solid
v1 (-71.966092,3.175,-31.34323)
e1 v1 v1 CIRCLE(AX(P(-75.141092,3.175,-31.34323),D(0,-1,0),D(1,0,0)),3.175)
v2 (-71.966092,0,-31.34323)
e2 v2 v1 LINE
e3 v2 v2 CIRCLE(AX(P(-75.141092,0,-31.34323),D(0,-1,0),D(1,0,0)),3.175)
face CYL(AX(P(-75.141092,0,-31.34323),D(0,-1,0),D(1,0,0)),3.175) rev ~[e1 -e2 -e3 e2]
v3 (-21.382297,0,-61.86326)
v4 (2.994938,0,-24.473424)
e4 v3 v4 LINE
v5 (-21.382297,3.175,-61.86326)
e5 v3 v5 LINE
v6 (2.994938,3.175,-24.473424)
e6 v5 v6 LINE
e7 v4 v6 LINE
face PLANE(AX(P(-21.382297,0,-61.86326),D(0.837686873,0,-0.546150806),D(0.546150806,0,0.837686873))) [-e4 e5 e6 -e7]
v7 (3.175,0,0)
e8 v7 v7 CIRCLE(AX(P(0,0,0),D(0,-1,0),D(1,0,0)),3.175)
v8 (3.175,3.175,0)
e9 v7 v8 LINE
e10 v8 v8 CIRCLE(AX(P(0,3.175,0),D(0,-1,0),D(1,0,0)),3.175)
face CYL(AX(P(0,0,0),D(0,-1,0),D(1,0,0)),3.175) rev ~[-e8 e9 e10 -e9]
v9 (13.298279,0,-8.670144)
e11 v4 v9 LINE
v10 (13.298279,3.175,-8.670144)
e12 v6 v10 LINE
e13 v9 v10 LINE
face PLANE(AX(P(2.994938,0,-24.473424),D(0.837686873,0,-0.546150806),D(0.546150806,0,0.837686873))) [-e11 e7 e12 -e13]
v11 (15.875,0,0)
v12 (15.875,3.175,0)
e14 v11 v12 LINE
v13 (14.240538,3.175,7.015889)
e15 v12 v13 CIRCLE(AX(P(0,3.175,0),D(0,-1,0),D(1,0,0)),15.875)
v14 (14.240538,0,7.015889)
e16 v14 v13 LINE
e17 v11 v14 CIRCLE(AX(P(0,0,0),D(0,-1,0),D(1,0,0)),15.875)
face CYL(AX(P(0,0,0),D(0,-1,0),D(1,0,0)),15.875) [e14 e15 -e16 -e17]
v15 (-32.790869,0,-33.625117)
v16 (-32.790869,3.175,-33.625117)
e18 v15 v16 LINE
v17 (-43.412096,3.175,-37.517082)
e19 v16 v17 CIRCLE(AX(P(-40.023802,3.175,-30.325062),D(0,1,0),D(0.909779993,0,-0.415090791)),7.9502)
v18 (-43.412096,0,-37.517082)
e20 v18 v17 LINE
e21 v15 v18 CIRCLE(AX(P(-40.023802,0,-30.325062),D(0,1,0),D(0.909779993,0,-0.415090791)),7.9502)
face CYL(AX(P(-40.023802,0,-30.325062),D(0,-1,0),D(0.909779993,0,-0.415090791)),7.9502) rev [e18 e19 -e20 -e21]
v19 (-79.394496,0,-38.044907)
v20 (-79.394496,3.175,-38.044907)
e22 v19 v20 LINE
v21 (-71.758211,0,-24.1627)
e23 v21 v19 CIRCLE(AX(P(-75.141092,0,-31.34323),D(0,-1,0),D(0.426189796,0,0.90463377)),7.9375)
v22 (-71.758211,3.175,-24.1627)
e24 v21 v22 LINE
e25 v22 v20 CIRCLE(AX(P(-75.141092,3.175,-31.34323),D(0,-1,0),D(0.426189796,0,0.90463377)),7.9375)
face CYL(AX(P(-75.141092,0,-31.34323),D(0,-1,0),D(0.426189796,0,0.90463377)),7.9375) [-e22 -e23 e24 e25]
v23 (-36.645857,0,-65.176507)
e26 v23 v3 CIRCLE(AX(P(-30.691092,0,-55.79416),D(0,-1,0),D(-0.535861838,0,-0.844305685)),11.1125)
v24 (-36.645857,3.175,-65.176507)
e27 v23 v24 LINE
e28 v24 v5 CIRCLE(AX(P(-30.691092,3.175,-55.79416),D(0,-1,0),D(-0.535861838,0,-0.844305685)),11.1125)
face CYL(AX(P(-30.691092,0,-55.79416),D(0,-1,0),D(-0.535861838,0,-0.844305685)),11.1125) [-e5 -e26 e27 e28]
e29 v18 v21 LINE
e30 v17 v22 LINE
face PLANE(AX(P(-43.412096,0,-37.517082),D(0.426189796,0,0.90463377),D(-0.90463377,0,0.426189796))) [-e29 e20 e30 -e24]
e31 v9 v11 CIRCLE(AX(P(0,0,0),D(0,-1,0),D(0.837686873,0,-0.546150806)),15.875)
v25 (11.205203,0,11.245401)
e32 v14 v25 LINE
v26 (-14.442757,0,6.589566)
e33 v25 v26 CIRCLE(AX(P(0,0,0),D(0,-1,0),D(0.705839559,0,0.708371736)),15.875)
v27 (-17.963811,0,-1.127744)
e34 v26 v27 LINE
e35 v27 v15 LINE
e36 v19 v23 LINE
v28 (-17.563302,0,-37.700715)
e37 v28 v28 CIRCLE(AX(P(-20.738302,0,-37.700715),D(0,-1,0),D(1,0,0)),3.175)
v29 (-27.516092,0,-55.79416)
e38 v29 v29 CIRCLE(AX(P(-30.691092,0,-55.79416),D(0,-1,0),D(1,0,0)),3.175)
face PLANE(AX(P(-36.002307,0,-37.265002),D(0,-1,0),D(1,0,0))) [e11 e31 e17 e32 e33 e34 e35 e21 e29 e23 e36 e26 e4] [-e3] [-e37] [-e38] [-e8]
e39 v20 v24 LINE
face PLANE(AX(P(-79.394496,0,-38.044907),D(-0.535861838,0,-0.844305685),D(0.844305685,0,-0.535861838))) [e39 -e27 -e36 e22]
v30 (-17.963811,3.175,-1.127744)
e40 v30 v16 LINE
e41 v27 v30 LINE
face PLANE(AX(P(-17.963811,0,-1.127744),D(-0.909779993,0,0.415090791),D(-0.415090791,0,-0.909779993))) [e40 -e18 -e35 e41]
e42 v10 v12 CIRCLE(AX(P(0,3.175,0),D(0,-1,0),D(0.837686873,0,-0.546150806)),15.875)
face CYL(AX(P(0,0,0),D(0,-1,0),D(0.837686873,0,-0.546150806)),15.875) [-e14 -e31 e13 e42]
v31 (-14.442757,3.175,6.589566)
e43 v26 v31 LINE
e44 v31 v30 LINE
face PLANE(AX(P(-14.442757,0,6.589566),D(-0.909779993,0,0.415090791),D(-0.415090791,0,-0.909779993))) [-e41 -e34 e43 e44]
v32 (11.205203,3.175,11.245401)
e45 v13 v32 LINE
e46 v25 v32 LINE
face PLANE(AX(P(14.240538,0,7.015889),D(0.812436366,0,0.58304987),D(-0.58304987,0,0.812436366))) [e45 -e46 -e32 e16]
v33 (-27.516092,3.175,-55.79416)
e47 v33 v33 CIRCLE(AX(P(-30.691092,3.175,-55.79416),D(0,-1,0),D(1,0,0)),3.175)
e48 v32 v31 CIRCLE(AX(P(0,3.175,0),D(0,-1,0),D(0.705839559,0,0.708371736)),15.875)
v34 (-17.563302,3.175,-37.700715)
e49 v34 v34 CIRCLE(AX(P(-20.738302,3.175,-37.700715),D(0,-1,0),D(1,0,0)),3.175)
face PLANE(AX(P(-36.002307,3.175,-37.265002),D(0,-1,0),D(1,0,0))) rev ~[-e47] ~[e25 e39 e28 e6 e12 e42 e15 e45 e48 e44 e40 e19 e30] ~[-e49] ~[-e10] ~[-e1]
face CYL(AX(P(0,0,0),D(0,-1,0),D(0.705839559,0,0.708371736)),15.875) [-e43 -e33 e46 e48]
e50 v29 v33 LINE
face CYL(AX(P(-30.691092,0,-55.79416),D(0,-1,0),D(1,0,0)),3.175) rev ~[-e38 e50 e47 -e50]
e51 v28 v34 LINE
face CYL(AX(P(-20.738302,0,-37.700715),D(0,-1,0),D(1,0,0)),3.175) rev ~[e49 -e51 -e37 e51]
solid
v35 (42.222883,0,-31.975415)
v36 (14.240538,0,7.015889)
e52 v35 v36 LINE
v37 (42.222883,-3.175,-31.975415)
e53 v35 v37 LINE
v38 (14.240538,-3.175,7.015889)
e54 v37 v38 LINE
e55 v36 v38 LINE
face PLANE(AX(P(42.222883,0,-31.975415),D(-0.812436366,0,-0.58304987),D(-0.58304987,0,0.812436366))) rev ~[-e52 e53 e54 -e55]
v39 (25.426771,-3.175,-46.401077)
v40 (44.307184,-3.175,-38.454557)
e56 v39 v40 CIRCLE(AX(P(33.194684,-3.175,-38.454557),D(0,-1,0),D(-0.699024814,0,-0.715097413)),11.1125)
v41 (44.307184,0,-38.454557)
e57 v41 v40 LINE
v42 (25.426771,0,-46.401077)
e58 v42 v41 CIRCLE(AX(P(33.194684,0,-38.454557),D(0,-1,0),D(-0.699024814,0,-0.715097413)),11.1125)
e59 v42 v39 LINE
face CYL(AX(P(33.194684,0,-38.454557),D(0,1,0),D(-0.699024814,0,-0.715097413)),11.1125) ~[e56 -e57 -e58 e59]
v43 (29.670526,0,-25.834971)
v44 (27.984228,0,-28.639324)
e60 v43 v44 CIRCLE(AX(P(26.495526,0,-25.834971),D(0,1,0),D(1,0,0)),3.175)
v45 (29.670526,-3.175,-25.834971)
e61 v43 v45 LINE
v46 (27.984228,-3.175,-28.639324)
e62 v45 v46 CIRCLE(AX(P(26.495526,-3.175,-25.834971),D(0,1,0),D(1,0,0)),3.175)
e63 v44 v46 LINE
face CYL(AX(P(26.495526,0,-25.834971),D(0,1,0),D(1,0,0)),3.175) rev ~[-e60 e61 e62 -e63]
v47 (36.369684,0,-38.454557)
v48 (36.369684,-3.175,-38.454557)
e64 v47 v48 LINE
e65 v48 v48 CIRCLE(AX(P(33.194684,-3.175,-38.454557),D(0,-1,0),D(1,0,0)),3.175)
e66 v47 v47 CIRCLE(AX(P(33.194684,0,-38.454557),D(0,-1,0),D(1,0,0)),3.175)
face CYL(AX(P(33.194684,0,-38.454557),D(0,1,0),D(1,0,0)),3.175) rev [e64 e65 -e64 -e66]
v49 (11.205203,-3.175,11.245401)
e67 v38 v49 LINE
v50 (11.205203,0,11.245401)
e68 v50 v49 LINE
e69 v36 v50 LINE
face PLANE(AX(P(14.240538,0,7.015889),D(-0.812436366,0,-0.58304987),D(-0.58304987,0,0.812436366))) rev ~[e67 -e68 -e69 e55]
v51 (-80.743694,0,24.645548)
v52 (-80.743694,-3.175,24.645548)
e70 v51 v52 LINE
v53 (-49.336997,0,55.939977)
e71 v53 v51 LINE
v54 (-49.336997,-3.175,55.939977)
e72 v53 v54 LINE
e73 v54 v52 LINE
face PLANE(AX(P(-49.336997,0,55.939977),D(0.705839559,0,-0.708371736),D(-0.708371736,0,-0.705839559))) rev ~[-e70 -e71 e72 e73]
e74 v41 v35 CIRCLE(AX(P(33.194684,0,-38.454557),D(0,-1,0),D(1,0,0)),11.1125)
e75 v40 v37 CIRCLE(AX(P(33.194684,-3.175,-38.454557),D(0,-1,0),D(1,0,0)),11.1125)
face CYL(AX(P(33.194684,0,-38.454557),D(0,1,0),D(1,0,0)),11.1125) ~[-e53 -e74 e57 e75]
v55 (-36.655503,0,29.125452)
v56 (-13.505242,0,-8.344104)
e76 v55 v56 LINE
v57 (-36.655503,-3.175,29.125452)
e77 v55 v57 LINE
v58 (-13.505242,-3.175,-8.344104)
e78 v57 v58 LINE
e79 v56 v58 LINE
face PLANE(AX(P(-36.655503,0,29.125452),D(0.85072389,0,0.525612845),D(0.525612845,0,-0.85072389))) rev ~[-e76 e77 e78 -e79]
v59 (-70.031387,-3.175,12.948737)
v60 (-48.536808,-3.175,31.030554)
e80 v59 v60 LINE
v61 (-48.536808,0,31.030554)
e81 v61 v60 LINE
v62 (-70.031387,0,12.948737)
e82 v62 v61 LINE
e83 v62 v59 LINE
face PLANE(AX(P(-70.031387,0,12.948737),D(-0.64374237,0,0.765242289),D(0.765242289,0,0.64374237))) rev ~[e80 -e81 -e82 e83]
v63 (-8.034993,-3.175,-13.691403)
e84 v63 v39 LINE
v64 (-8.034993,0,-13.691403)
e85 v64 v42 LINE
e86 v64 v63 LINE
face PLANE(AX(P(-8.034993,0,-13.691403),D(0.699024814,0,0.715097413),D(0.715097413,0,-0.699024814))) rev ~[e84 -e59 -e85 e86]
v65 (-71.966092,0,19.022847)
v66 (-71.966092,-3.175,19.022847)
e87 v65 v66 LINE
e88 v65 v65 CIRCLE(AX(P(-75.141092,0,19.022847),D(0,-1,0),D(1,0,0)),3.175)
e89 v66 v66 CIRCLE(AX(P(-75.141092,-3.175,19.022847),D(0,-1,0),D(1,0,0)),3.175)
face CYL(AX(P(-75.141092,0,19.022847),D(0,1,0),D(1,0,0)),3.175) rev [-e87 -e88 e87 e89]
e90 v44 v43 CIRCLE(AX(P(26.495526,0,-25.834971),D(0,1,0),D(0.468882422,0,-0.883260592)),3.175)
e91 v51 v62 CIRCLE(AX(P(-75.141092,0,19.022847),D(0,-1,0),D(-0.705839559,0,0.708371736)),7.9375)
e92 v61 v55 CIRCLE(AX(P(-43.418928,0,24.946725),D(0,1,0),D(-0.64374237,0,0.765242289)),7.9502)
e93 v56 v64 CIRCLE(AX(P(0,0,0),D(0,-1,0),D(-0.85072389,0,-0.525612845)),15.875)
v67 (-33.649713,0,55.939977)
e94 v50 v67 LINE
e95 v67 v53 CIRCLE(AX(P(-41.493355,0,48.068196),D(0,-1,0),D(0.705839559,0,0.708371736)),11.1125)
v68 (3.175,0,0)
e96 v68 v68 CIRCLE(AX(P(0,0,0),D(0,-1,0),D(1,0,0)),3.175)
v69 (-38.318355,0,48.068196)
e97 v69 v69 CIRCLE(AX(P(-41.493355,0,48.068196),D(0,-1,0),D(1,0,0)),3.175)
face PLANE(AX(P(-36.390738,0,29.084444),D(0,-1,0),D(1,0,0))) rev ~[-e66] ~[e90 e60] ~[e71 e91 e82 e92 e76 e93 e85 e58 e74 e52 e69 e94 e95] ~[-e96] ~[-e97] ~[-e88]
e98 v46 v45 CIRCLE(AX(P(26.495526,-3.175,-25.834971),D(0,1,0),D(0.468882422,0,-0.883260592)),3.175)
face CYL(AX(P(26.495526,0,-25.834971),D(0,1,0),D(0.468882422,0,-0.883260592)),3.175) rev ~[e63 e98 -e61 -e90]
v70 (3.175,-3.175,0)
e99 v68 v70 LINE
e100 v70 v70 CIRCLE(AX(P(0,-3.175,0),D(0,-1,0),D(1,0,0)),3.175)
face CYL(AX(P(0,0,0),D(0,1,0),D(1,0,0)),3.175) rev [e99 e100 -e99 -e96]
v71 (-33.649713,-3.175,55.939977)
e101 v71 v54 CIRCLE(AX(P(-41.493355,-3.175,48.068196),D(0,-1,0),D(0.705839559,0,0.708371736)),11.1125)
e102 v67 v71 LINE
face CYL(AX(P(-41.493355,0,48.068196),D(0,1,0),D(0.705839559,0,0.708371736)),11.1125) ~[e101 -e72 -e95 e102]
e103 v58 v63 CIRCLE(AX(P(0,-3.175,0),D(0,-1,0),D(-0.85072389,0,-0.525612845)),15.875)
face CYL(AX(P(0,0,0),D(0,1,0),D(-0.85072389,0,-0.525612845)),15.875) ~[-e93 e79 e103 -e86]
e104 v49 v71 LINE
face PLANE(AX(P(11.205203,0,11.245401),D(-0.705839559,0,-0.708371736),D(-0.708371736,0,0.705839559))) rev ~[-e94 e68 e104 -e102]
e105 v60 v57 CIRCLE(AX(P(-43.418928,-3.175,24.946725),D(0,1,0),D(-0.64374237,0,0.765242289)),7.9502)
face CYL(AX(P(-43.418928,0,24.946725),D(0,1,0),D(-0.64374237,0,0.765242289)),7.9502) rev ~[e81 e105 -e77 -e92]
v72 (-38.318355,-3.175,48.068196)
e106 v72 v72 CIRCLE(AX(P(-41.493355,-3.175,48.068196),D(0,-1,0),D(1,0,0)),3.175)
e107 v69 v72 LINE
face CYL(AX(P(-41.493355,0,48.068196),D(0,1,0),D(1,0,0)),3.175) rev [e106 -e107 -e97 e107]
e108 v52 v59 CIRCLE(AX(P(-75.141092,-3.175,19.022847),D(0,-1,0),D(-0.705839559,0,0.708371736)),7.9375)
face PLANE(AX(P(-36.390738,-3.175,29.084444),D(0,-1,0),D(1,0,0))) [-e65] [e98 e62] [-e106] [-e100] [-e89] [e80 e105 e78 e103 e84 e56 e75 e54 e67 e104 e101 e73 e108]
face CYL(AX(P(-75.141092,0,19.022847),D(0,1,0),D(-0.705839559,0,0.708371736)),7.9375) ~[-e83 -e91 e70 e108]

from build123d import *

# Parameters (mm, degrees)
F0_R     = 3.9751
F0_R_2   = 3.175
F1_DEPTH = 3.175
F2_DEPTH = 3.175


with BuildPart() as f1:
    # F0 (on Front) → F1 (new body)
    with BuildSketch(Plane.XZ):
        with BuildLine():
            ThreePointArc((-14.4427573847, 6.589566308), (-2.8354258051, 15.6197306476), (11.2052030012, 11.2454013135))
            Line((11.2052030012, 11.2454013135), (-33.6497130803, 55.9399770143))
            ThreePointArc((-33.6497130803, 55.9399770143), (-31.2305551467, 52.3299553211), (-30.3808551811, 48.0681960948))
            ThreePointArc((-30.3808551811, 48.0681960948), (-45.7551144074, 37.8053960604), (-49.336997282, 55.9399770143))
            Line((-49.336997282, 55.9399770143), (-80.7436939481, 24.6455481248))
            ThreePointArc((-80.7436939481, 24.6455481248), (-72.0969787145, 26.3534189212), (-67.2035924475, 19.022847468))
            ThreePointArc((-67.2035924475, 19.022847468), (-67.945184229, 15.6728010265), (-70.0313873855, 12.9487367982))
            Line((-70.0313873855, 12.9487367982), (-48.5368082432, 31.0305541734))
            ThreePointArc((-48.5368082432, 31.0305541734), (-42.1602348474, 32.7966531084), (-36.6555025797, 29.1254521629))
            Line((-36.6555025797, 29.1254521629), (-17.9638112387, -1.1277437812))
            Line((-17.9638112387, -1.1277437812), (-14.4427573847, 6.589566308))
        make_face()
        with BuildLine():
            Line((14.2405382677, 7.0158887425), (11.2052030012, 11.2454013135))
            ThreePointArc((11.2052030012, 11.2454013135), (-2.8354258051, 15.6197306476), (-14.4427573847, 6.589566308))
            ThreePointArc((-14.4427573847, 6.589566308), (-15.843809219, -0.9946529208), (-13.50524176, -8.3441039066))
            Line((-13.50524176, -8.3441039066), (-8.0349928898, -13.6914029325))
            ThreePointArc((-8.0349928898, -13.6914029325), (3.6371425128, -15.4527285404), (13.2982791082, -8.670144045))
            ThreePointArc((13.2982791082, -8.670144045), (15.2171910326, -4.5224685824), (15.875, 0))
            ThreePointArc((15.875, 0), (15.4609859, 3.6018800647), (14.2405382677, 7.0158887425))
        make_face()
        Circle(F0_R, mode=Mode.SUBTRACT)
        with BuildLine():
            ThreePointArc((-30.3808551811, 48.0681960948), (-31.2305551467, 52.3299553211), (-33.6497130803, 55.9399770143))
            ThreePointArc((-33.6497130803, 55.9399770143), (-41.4933551811, 59.1806960948), (-49.336997282, 55.9399770143))
            ThreePointArc((-49.336997282, 55.9399770143), (-45.7551144074, 37.8053960604), (-30.3808551811, 48.0681960948))
        make_face()
        with Locations((-41.4933551811, 48.0681960948)):
            Circle(F0_R_2, mode=Mode.SUBTRACT)
        with BuildLine():
            ThreePointArc((-67.2035924475, 19.022847468), (-72.0969787145, 26.3534189212), (-80.7436939481, 24.6455481248))
            ThreePointArc((-80.7436939481, 24.6455481248), (-80.9946883959, 13.6619407609), (-70.0313873855, 12.9487367982))
            ThreePointArc((-70.0313873855, 12.9487367982), (-67.945184229, 15.6728010265), (-67.2035924475, 19.022847468))
        make_face()
        with Locations((-75.1410924475, 19.022847468)):
            Circle(F0_R_2, mode=Mode.SUBTRACT)
        Circle(F0_R)
        Circle(F0_R_2, mode=Mode.SUBTRACT)
        with BuildLine():
            ThreePointArc((-13.50524176, -8.3441039066), (-15.843809219, -0.9946529208), (-14.4427573847, 6.589566308))
            Line((-14.4427573847, 6.589566308), (-17.9638112387, -1.1277437812))
            Line((-17.9638112387, -1.1277437812), (-13.50524176, -8.3441039066))
        make_face()
        with BuildLine():
            ThreePointArc((13.2982791082, -8.670144045), (3.6371425128, -15.4527285404), (-8.0349928898, -13.6914029325))
            Line((-8.0349928898, -13.6914029325), (2.994937632, -24.4734236659))
            Line((2.994937632, -24.4734236659), (13.2982791082, -8.670144045))
        make_face()
        with BuildLine():
            Line((42.2228832649, -31.9754151966), (14.2405382677, 7.0158887425))
            ThreePointArc((14.2405382677, 7.0158887425), (15.4609859, 3.6018800647), (15.875, 0))
            ThreePointArc((15.875, 0), (15.2171910326, -4.5224685824), (13.2982791082, -8.670144045))
            Line((13.2982791082, -8.670144045), (2.994937632, -24.4734236659))
            Line((2.994937632, -24.4734236659), (25.4267709009, -46.4010768742))
            ThreePointArc((25.4267709009, -46.4010768742), (22.1956165639, -36.8708370147), (27.9842277894, -28.6393237753))
            ThreePointArc((27.9842277894, -28.6393237753), (35.7296725959, -27.6350610557), (42.2228832649, -31.9754151966))
        make_face()
        with BuildLine():
            ThreePointArc((29.670526099, -25.8349713944), (29.2164866708, -27.4711249832), (27.9842277894, -28.6393237753))
            ThreePointArc((27.9842277894, -28.6393237753), (23.7745655271, -24.1988178055), (29.670526099, -25.8349713944))
        make_face(mode=Mode.SUBTRACT)
        with BuildLine():
            ThreePointArc((44.3071841449, -38.4545568759), (43.7732832717, -35.0514852098), (42.2228832649, -31.9754151966))
            ThreePointArc((42.2228832649, -31.9754151966), (35.7296725959, -27.6350610557), (27.9842277894, -28.6393237753))
            ThreePointArc((27.9842277894, -28.6393237753), (22.1956165639, -36.8708370147), (25.4267709009, -46.4010768742))
            ThreePointArc((25.4267709009, -46.4010768742), (37.5055263089, -48.6968367044), (44.3071841449, -38.4545568759))
        make_face()
        with Locations((33.1946841449, -38.4545568759)):
            Circle(F0_R_2, mode=Mode.SUBTRACT)
        with BuildLine():
            Line((-8.0349928898, -13.6914029325), (-13.50524176, -8.3441039066))
            ThreePointArc((-13.50524176, -8.3441039066), (-11.09701892, -11.3521714262), (-8.0349928898, -13.6914029325))
        make_face()
    extrude(amount=F1_DEPTH)


with BuildPart() as f2:
    # F0 (on Front) → F2 (new body)
    with BuildSketch(Plane.XZ):
        with BuildLine():
            ThreePointArc((-8.0349928898, -13.6914029325), (-11.09701892, -11.3521714262), (-13.50524176, -8.3441039066))
            Line((-13.50524176, -8.3441039066), (-17.9638112387, -1.1277437812))
            Line((-17.9638112387, -1.1277437812), (-32.7908689101, -33.6251171539))
            ThreePointArc((-32.7908689101, -33.6251171539), (-37.2884482799, -37.7898812405), (-43.412095928, -37.5170817433))
            Line((-43.412095928, -37.5170817433), (-71.7582109383, -24.1626996834))
            ThreePointArc((-71.7582109383, -24.1626996834), (-68.4382748225, -27.0916255768), (-67.2035924475, -31.343230231))
            ThreePointArc((-67.2035924475, -31.343230231), (-71.3173170081, -38.2989938583), (-79.3944957896, -38.0449066078))
            Line((-79.3944957896, -38.0449066078), (-36.6458571264, -65.1765065738))
            ThreePointArc((-36.6458571264, -65.1765065738), (-36.0443780627, -46.056090568), (-19.5785924475, -55.7941596462))
            ThreePointArc((-19.5785924475, -55.7941596462), (-20.0390587247, -58.9598876539), (-21.3822970718, -61.8632604777))
            Line((-21.3822970718, -61.8632604777), (2.994937632, -24.4734236659))
            Line((2.994937632, -24.4734236659), (-8.0349928898, -13.6914029325))
        make_face()
        with Locations((-20.7383021526, -37.7007153808)):
            Circle(F0_R_2, mode=Mode.SUBTRACT)
        with BuildLine():
            ThreePointArc((13.2982791082, -8.670144045), (3.6371425128, -15.4527285404), (-8.0349928898, -13.6914029325))
            Line((-8.0349928898, -13.6914029325), (2.994937632, -24.4734236659))
            Line((2.994937632, -24.4734236659), (13.2982791082, -8.670144045))
        make_face()
        with BuildLine():
            Line((14.2405382677, 7.0158887425), (11.2052030012, 11.2454013135))
            ThreePointArc((11.2052030012, 11.2454013135), (-2.8354258051, 15.6197306476), (-14.4427573847, 6.589566308))
            ThreePointArc((-14.4427573847, 6.589566308), (-15.843809219, -0.9946529208), (-13.50524176, -8.3441039066))
            Line((-13.50524176, -8.3441039066), (-8.0349928898, -13.6914029325))
            ThreePointArc((-8.0349928898, -13.6914029325), (3.6371425128, -15.4527285404), (13.2982791082, -8.670144045))
            ThreePointArc((13.2982791082, -8.670144045), (15.2171910326, -4.5224685824), (15.875, 0))
            ThreePointArc((15.875, 0), (15.4609859, 3.6018800647), (14.2405382677, 7.0158887425))
        make_face()
        Circle(F0_R, mode=Mode.SUBTRACT)
        with BuildLine():
            ThreePointArc((-36.6458571264, -65.1765065738), (-28.3338100287, -66.6537579743), (-21.3822970718, -61.8632604777))
            ThreePointArc((-21.3822970718, -61.8632604777), (-20.0390587247, -58.9598876539), (-19.5785924475, -55.7941596462))
            ThreePointArc((-19.5785924475, -55.7941596462), (-36.0443780627, -46.056090568), (-36.6458571264, -65.1765065738))
        make_face()
        with Locations((-30.6910924475, -55.7941596462)):
            Circle(F0_R_2, mode=Mode.SUBTRACT)
        with BuildLine():
            ThreePointArc((-67.2035924475, -31.343230231), (-68.4382748225, -27.0916255768), (-71.7582109383, -24.1626996834))
            ThreePointArc((-71.7582109383, -24.1626996834), (-82.0958296344, -27.5175882049), (-79.3944957896, -38.0449066078))
            ThreePointArc((-79.3944957896, -38.0449066078), (-71.3173170081, -38.2989938583), (-67.2035924475, -31.343230231))
        make_face()
        with Locations((-75.1410924475, -31.343230231)):
            Circle(F0_R_2, mode=Mode.SUBTRACT)
        with BuildLine():
            ThreePointArc((-13.50524176, -8.3441039066), (-15.843809219, -0.9946529208), (-14.4427573847, 6.589566308))
            Line((-14.4427573847, 6.589566308), (-17.9638112387, -1.1277437812))
            Line((-17.9638112387, -1.1277437812), (-13.50524176, -8.3441039066))
        make_face()
        with BuildLine():
            Line((-8.0349928898, -13.6914029325), (-13.50524176, -8.3441039066))
            ThreePointArc((-13.50524176, -8.3441039066), (-11.09701892, -11.3521714262), (-8.0349928898, -13.6914029325))
        make_face()
        Circle(F0_R)
        Circle(F0_R_2, mode=Mode.SUBTRACT)
    extrude(amount=-F2_DEPTH)


solid = Compound([f1.part, f2.part])
